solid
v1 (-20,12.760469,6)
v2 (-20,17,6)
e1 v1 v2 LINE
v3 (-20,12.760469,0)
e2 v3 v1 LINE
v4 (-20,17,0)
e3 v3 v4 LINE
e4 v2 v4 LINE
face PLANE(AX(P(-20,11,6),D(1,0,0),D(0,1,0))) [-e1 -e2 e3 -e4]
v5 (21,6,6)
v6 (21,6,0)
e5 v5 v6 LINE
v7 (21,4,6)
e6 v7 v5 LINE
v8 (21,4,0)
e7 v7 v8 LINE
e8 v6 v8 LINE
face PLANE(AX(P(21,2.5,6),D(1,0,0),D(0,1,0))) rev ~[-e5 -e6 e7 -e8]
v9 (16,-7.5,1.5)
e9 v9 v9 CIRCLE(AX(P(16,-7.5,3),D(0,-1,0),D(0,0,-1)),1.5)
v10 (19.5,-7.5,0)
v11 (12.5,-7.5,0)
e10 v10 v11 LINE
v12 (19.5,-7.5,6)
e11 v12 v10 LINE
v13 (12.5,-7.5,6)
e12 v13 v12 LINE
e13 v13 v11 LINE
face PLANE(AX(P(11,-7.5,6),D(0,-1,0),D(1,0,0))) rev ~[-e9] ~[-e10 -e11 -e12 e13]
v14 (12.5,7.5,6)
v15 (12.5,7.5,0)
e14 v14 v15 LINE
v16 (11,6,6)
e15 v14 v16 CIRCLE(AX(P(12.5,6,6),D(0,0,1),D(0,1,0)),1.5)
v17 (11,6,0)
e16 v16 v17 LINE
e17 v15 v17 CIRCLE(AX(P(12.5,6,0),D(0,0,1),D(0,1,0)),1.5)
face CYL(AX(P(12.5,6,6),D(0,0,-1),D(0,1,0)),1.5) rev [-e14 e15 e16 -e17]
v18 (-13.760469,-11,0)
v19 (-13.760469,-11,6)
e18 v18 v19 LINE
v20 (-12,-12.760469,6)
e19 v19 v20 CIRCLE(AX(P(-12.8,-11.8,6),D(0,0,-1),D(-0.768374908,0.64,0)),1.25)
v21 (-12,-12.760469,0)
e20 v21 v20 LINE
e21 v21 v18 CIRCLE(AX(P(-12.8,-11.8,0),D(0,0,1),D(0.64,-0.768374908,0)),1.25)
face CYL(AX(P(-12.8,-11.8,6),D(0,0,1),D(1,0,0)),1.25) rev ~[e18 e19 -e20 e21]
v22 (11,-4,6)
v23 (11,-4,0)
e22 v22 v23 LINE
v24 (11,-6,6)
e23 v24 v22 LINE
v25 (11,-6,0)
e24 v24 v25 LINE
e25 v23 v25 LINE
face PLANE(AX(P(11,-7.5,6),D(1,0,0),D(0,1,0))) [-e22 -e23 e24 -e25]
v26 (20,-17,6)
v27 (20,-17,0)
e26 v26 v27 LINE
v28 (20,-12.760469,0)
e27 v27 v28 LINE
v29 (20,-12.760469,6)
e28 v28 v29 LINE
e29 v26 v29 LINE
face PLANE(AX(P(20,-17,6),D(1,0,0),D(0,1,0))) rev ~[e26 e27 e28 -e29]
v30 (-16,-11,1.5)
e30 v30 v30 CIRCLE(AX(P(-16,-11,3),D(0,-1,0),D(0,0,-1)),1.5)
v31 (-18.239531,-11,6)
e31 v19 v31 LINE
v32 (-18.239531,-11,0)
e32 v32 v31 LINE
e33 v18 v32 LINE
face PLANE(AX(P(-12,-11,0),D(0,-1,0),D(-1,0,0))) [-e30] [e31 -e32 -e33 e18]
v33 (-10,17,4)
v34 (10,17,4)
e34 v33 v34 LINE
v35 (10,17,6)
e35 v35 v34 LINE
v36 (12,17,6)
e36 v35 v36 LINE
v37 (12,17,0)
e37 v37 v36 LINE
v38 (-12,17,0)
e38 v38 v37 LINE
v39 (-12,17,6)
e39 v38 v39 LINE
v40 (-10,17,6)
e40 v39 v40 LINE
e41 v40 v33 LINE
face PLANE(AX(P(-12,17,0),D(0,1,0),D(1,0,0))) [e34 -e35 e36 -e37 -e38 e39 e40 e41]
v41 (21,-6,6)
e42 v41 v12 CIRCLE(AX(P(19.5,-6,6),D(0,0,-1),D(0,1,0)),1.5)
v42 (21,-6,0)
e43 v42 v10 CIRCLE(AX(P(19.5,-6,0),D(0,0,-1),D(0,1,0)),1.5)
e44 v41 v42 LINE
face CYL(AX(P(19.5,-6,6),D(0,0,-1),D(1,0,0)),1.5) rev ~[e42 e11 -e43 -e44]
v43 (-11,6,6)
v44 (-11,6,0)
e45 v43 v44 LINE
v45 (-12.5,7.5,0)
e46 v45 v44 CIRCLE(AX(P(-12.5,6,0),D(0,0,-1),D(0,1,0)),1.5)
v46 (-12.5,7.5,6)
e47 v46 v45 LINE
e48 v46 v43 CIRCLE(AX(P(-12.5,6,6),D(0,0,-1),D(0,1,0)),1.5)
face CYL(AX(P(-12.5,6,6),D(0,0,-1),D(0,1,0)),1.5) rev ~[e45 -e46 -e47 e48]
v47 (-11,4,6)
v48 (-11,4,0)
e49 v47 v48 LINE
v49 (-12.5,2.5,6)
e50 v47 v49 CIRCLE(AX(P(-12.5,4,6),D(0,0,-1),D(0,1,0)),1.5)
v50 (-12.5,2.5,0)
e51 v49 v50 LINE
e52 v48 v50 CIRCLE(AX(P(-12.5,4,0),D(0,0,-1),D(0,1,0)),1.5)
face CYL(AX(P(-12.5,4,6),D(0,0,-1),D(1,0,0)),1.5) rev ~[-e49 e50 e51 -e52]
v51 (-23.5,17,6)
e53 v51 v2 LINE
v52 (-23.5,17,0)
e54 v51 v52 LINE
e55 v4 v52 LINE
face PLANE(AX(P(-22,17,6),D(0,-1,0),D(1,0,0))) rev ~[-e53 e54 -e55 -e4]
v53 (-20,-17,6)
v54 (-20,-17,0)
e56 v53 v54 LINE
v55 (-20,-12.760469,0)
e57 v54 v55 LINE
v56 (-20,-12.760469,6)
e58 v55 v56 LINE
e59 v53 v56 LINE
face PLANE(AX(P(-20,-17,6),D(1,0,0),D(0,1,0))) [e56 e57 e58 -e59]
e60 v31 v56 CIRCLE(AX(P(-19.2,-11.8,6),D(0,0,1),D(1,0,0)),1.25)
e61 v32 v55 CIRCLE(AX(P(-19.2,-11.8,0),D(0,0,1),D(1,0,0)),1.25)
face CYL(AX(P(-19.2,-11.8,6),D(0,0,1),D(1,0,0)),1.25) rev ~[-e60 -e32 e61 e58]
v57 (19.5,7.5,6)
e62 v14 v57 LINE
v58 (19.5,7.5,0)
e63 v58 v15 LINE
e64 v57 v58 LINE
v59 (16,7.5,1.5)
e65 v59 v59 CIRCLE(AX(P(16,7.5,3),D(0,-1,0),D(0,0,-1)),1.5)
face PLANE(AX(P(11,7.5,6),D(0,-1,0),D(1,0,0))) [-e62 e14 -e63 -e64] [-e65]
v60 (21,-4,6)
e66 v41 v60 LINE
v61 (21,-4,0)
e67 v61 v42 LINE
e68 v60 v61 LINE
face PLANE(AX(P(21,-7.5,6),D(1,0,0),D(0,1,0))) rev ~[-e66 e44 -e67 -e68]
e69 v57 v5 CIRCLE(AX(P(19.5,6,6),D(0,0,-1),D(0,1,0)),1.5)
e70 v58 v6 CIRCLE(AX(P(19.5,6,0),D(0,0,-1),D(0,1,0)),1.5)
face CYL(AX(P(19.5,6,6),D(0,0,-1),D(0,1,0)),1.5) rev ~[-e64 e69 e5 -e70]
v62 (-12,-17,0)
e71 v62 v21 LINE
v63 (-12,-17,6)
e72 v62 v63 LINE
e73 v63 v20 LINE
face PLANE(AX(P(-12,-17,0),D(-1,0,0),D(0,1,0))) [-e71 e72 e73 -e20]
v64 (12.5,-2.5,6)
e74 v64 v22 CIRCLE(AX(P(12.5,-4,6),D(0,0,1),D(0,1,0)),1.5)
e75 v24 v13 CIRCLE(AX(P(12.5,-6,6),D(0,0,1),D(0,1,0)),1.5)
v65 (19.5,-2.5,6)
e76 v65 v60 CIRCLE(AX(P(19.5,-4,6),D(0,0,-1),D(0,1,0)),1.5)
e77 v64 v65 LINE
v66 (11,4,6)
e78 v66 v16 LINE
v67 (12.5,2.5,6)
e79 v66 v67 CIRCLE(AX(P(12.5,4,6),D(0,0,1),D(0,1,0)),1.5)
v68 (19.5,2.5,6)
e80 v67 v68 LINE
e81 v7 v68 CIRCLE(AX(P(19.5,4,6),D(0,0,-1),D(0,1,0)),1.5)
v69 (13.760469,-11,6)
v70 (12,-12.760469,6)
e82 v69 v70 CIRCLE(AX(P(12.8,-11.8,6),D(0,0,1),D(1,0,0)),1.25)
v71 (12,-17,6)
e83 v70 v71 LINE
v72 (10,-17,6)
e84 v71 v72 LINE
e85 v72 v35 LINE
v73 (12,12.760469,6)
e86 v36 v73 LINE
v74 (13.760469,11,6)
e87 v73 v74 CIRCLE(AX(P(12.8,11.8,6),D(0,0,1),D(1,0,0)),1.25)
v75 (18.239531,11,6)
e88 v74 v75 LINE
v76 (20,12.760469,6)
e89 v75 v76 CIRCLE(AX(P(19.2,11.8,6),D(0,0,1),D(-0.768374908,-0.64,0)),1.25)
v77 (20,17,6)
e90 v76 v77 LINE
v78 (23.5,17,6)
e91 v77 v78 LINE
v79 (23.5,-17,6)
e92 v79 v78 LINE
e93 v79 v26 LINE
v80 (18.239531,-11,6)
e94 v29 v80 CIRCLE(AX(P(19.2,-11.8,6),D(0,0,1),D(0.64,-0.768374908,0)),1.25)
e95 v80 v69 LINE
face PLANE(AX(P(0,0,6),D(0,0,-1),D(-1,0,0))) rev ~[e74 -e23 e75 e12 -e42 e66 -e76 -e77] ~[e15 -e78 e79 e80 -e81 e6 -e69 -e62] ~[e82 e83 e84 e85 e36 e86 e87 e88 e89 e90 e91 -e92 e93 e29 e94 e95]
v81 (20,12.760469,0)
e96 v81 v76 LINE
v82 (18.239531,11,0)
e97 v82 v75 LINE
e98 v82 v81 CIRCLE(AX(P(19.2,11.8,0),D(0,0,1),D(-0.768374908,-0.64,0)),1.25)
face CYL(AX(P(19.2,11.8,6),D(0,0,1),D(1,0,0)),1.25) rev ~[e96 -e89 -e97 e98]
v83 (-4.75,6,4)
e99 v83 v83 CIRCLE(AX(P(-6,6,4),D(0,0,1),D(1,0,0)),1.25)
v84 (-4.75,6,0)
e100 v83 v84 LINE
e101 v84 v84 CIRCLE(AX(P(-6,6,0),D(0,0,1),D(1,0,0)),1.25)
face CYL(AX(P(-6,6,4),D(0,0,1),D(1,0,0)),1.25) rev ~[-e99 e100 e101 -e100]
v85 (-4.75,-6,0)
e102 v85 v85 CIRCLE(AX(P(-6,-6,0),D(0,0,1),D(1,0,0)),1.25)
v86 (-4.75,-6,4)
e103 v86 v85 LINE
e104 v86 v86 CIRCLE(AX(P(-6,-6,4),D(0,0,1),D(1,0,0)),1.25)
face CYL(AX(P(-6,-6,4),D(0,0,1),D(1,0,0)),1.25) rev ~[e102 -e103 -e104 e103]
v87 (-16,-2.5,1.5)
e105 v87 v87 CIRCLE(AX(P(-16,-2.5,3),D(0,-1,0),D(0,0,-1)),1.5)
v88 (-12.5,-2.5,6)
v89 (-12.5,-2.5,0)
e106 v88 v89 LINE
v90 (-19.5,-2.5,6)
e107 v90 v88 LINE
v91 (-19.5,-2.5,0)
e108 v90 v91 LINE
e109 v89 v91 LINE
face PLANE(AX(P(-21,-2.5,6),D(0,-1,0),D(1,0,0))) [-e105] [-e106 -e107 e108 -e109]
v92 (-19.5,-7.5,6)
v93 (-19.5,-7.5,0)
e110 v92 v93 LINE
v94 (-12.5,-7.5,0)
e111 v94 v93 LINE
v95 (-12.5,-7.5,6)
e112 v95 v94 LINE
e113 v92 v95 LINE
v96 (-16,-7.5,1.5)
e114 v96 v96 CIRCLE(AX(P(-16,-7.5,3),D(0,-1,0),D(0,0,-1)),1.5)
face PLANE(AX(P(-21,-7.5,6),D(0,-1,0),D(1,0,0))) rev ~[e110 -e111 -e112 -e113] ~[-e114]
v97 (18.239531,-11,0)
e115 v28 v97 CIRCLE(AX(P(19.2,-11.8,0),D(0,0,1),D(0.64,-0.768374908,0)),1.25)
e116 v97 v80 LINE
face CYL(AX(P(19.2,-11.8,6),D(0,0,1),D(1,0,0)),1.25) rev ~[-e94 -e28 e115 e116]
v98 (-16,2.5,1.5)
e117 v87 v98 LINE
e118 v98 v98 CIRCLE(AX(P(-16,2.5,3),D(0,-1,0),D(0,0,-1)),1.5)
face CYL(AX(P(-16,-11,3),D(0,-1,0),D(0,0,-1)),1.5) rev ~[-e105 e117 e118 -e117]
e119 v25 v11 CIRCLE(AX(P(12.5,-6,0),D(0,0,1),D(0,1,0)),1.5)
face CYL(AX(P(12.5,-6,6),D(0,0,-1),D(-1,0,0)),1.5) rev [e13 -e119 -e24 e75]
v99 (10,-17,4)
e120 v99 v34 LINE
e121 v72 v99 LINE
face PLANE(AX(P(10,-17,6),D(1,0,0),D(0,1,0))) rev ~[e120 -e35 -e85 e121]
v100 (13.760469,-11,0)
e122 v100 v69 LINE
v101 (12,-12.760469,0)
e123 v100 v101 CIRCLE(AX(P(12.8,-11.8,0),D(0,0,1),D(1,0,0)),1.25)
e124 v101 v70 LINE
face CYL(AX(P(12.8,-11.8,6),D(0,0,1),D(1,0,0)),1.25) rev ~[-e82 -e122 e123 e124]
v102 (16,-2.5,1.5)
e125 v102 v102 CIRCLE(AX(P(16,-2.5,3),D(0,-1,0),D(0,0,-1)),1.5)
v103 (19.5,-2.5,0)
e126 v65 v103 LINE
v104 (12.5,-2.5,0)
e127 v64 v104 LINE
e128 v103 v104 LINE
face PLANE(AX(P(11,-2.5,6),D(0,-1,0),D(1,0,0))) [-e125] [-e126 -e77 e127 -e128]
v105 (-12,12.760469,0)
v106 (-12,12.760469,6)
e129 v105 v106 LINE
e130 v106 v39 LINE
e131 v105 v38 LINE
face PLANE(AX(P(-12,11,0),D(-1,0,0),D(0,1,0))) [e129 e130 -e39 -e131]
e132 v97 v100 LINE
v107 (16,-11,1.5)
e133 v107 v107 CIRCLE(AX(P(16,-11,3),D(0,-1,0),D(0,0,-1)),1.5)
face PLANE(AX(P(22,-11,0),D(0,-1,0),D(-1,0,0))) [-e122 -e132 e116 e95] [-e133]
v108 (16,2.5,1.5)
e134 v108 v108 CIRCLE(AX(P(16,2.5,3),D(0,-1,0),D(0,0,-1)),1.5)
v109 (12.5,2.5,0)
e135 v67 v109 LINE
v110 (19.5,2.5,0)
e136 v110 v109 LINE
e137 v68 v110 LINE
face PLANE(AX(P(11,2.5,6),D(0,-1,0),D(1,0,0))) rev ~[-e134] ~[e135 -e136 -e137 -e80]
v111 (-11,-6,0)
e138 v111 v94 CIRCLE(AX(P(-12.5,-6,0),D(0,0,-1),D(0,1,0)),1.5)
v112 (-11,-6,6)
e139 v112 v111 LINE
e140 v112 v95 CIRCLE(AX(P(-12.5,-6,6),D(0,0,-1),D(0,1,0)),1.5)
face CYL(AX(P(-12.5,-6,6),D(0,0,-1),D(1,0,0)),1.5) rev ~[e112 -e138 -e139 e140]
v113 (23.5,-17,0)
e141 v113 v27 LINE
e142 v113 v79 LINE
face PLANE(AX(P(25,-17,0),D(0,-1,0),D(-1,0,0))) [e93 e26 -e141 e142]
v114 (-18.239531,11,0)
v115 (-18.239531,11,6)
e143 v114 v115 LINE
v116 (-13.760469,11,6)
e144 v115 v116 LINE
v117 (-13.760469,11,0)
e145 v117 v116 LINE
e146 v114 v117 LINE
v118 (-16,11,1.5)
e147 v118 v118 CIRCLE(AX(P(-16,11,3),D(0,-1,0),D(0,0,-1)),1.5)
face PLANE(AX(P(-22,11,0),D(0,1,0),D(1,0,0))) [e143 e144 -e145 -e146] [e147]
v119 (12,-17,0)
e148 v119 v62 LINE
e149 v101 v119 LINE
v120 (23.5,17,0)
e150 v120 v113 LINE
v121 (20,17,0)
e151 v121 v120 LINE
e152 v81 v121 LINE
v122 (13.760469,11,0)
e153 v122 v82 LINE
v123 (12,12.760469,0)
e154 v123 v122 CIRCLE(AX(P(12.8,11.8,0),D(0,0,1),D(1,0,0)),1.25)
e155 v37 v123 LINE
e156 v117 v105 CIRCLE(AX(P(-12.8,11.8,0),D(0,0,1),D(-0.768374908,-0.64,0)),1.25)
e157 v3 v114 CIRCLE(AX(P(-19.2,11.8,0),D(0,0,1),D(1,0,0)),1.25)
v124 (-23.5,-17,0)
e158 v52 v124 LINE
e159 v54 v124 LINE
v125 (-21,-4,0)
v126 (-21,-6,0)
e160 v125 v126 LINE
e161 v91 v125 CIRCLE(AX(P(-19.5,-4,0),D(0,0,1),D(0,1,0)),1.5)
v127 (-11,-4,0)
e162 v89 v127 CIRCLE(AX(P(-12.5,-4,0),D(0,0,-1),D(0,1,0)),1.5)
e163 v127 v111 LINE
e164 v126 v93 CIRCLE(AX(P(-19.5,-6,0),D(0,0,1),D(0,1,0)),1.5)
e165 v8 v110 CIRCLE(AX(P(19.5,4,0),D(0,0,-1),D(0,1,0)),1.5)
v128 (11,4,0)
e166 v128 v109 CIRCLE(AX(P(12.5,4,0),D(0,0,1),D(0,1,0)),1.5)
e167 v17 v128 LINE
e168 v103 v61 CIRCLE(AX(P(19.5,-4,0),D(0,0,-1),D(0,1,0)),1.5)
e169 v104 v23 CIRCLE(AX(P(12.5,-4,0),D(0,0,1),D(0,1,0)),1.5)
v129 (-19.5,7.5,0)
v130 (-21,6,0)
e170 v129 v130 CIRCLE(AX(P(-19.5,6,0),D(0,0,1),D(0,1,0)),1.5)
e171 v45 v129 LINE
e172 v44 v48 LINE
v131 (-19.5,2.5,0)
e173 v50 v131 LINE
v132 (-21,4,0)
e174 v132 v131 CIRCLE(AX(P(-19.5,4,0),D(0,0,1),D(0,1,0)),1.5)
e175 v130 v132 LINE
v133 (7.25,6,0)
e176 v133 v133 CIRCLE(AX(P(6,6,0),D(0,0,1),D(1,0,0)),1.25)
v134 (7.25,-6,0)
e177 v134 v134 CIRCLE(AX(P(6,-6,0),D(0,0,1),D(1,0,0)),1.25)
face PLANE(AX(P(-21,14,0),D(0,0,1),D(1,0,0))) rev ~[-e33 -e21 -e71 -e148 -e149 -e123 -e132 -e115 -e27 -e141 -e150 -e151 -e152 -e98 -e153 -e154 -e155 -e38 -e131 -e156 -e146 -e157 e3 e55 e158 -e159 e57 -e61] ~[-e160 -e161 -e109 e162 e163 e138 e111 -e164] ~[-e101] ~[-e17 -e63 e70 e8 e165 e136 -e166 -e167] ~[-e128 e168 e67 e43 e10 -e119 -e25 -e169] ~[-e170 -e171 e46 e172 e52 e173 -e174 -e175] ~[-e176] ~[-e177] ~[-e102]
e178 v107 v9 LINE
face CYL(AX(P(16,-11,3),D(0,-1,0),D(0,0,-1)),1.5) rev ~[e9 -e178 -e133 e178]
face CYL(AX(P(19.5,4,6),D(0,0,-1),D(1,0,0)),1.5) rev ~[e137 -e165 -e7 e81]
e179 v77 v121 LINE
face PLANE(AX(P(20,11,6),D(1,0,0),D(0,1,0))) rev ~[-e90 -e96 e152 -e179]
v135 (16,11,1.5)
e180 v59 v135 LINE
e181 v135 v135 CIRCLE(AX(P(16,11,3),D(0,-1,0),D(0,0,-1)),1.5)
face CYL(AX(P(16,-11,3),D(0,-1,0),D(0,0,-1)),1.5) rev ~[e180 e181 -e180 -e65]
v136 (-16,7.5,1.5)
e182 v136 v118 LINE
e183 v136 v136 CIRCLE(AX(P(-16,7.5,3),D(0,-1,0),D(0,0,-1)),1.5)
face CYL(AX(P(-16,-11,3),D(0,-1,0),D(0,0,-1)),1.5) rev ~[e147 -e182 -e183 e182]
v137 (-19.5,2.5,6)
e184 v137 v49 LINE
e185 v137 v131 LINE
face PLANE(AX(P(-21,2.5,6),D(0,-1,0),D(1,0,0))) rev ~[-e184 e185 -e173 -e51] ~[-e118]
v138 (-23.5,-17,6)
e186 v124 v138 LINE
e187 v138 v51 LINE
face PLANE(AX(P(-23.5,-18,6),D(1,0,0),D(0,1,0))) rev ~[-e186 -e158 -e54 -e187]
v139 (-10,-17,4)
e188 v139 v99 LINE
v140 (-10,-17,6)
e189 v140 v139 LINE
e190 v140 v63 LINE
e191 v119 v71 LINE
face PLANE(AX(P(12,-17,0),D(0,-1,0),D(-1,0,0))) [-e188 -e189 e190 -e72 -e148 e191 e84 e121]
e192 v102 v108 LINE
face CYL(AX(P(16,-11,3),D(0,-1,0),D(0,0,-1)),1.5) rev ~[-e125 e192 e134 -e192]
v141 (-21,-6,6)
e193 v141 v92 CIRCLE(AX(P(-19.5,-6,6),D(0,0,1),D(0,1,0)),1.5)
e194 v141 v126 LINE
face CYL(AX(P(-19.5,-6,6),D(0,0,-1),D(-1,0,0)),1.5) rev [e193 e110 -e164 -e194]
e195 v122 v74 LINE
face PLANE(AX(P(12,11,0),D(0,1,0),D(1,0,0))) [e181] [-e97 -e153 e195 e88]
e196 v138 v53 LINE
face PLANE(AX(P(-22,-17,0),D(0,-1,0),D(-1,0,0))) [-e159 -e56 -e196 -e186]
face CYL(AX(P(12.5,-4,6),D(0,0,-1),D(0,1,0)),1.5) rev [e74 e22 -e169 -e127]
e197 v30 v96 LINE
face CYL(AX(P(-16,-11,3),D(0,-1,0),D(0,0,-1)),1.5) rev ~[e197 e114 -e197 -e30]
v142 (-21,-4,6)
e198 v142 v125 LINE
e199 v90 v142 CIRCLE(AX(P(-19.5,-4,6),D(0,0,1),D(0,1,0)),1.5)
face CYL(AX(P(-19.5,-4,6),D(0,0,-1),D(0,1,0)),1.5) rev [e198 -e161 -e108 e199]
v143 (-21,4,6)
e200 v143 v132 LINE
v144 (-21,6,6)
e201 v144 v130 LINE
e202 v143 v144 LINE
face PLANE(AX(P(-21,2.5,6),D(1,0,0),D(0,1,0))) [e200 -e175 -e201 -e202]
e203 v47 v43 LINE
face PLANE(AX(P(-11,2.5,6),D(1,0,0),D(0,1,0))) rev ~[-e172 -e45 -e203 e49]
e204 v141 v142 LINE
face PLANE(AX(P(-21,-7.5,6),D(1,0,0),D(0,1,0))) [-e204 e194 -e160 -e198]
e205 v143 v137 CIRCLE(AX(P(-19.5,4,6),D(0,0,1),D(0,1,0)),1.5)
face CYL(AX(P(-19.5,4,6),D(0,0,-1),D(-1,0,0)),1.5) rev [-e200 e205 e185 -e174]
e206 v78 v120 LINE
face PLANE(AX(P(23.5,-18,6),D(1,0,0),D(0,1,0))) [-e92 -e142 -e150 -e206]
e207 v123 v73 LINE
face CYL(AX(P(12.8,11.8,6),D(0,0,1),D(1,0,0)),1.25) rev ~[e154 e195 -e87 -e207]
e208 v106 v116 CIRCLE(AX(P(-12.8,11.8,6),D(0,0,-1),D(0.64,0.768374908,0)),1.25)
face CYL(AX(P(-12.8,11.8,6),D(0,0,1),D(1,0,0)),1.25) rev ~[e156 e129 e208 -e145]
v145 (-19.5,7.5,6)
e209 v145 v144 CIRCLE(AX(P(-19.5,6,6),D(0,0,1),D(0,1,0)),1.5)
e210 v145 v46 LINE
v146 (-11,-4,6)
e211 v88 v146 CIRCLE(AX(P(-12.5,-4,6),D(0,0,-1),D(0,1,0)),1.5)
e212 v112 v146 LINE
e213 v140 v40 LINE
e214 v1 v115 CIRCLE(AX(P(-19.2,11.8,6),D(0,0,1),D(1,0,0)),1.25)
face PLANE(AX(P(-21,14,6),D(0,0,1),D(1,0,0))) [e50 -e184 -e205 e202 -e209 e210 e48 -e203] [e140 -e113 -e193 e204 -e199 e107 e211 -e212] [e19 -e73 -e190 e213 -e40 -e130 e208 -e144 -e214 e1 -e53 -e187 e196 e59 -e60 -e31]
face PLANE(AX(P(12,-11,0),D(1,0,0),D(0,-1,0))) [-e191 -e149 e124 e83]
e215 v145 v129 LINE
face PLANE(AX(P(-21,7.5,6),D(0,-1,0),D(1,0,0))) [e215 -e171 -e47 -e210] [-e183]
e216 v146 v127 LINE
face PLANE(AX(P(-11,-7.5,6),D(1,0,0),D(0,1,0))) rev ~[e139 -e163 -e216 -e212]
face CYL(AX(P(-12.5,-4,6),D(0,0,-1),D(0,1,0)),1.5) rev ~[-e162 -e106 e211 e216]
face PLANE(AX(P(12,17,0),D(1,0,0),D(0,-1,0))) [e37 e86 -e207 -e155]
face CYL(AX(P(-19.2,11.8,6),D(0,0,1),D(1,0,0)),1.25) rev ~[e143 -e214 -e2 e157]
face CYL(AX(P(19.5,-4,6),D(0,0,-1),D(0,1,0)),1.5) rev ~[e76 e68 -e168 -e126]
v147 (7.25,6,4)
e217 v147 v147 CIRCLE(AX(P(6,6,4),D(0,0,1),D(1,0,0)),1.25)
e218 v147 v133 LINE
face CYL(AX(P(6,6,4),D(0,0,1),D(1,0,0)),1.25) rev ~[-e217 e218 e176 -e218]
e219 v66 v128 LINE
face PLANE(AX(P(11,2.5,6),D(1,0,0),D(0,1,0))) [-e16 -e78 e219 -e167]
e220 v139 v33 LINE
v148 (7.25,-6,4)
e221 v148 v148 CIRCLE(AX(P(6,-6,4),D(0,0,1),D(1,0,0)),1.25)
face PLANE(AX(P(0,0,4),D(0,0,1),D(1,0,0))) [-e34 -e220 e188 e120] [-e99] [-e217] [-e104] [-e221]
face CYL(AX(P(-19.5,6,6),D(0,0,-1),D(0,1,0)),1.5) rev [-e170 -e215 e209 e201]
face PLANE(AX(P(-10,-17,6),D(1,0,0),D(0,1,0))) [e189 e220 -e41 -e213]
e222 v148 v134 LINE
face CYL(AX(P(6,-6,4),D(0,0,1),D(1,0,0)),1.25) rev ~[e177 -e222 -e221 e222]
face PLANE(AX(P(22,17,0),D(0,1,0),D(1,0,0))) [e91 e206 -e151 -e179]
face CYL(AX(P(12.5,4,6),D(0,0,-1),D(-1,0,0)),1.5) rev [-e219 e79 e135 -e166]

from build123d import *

# Parameters (mm, degrees)
EXTRUDE_1_DEPTH      = 6
SKETCH_2_W           = 10
SKETCH_2_H           = 5
CUT_EXTRUDE_1_DEPTH  = 31.822070015
SKETCH_3_R           = 1.5
CUT_EXTRUDE_2_DEPTH  = 39.013155617
SKETCH_4_W           = 20
SKETCH_4_H           = 34
CUT_EXTRUDE_3_DEPTH  = 2
SKETCH_5_R           = 1.25
CUT_EXTRUDE_4_DEPTH  = 31.495901364
FILLET_2_R           = 1.5
SKETCH_9_W           = 1.5
SKETCH_9_H           = 35
CUT_EXTRUDE_10_DEPTH = 31.822070015
SKETCH_10_W          = 2
SKETCH_10_H          = 6
EXTRUDE_2_DEPTH      = 6
SKETCH_11_R          = 1.25
CUT_EXTRUDE_11_DEPTH = 30.618406439


with BuildPart() as part:
    # 草图1 → 凸台-拉伸1 (new body)
    with BuildSketch(Plane.XY):
        Polygon((-25, -17), (-25, 17), (-22, 17), (-22, 11), (-12, 11), (-12, 17), (12, 17), (12, 11), (22, 11), (22, 17), (25, 17), (25, -17), (22, -17), (22, -11), (12, -11), (12, -17), (-12, -17), (-12, -11), (-22, -11), (-22, -17), align=None)
    extrude(amount=EXTRUDE_1_DEPTH)

    # 草图2 → 切除-拉伸1 (cut, through all)
    with BuildSketch(Plane.XY.offset(6)):
        with Locations((-16, 5)):
            Rectangle(SKETCH_2_W, SKETCH_2_H)
        with Locations((-16, -5)):
            Rectangle(SKETCH_2_W, SKETCH_2_H)
        with Locations((16, -5)):
            Rectangle(SKETCH_2_W, SKETCH_2_H)
        with Locations((16, 5)):
            Rectangle(SKETCH_2_W, SKETCH_2_H)
    extrude(amount=-CUT_EXTRUDE_1_DEPTH, mode=Mode.SUBTRACT)

    # 草图3 → 切除-拉伸2 (cut, through all)
    with BuildSketch(Plane.XZ.offset(11)):
        with Locations(Location((-16, 3, 0), (0, 0, 270))):
            Circle(SKETCH_3_R)
        with Locations(Location((16, 3, 0), (0, 0, 270))):
            Circle(SKETCH_3_R)
    extrude(amount=-CUT_EXTRUDE_2_DEPTH, mode=Mode.SUBTRACT)

    # 草图4 → 切除-拉伸3 (cut)
    with BuildSketch(Plane.XY.offset(6)):
        Rectangle(SKETCH_4_W, SKETCH_4_H)
    extrude(amount=-CUT_EXTRUDE_3_DEPTH, mode=Mode.SUBTRACT)

    # 草图5 → 切除-拉伸4 (cut, through all)
    with BuildSketch(Plane.XY.offset(4)):
        with Locations((-6, 6)):
            Circle(SKETCH_5_R)
        with Locations((6, 6)):
            Circle(SKETCH_5_R)
        with Locations((-6, -6)):
            Circle(SKETCH_5_R)
        with Locations((6, -6)):
            Circle(SKETCH_5_R)
    extrude(amount=-CUT_EXTRUDE_4_DEPTH, mode=Mode.SUBTRACT)

    # 圆角2
    fillet_2_edges = [part.edges().sort_by_distance(p)[0] for p in [
        (-11, 7.5, 3),
        (-11, 2.5, 3),
        (-21, 2.5, 3),
        (-21, 7.5, 3),
        (-21, -7.5, 3),
        (-21, -2.5, 3),
        (-11, -2.5, 3),
        (-11, -7.5, 3),
        (21, -2.5, 3),
        (21, -7.5, 3),
        (11, -7.5, 3),
        (11, -2.5, 3),
        (21, 7.5, 3),
        (21, 2.5, 3),
        (11, 2.5, 3),
        (11, 7.5, 3),
    ]]
    fillet(fillet_2_edges, radius=FILLET_2_R)

    # 草图9 → 切除-拉伸10 (cut, through all)
    with BuildSketch(Plane.XY.offset(6)):
        with Locations((-24.25, -0.5)):
            Rectangle(SKETCH_9_W, SKETCH_9_H)
        with Locations((24.25, -0.5)):
            Rectangle(SKETCH_9_W, SKETCH_9_H)
    extrude(amount=-CUT_EXTRUDE_10_DEPTH, mode=Mode.SUBTRACT)

    # 草图10 → 凸台-拉伸2 (add)
    with BuildSketch(Plane.XY.offset(6)):
        with Locations((-21, 14)):
            Rectangle(SKETCH_10_W, SKETCH_10_H)
        with Locations((21, 14)):
            Rectangle(SKETCH_10_W, SKETCH_10_H)
        with Locations((21, -14)):
            Rectangle(SKETCH_10_W, SKETCH_10_H)
        with Locations((-21, -14)):
            Rectangle(SKETCH_10_W, SKETCH_10_H)
    extrude(amount=-EXTRUDE_2_DEPTH)

    # 草图11 → 切除-拉伸11 (cut, through all)
    with BuildSketch(Plane.XY.offset(6)):
        with Locations((-19.2, 11.8)):
            Circle(SKETCH_11_R)
        with Locations((-12.8, 11.8)):
            Circle(SKETCH_11_R)
        with Locations((12.8, 11.8)):
            Circle(SKETCH_11_R)
        with Locations((19.2, 11.8)):
            Circle(SKETCH_11_R)
        with Locations((19.2, -11.8)):
            Circle(SKETCH_11_R)
        with Locations((12.8, -11.8)):
            Circle(SKETCH_11_R)
        with Locations((-12.8, -11.8)):
            Circle(SKETCH_11_R)
        with Locations((-19.2, -11.8)):
            Circle(SKETCH_11_R)
    extrude(amount=-CUT_EXTRUDE_11_DEPTH, mode=Mode.SUBTRACT)


solid = part.part
